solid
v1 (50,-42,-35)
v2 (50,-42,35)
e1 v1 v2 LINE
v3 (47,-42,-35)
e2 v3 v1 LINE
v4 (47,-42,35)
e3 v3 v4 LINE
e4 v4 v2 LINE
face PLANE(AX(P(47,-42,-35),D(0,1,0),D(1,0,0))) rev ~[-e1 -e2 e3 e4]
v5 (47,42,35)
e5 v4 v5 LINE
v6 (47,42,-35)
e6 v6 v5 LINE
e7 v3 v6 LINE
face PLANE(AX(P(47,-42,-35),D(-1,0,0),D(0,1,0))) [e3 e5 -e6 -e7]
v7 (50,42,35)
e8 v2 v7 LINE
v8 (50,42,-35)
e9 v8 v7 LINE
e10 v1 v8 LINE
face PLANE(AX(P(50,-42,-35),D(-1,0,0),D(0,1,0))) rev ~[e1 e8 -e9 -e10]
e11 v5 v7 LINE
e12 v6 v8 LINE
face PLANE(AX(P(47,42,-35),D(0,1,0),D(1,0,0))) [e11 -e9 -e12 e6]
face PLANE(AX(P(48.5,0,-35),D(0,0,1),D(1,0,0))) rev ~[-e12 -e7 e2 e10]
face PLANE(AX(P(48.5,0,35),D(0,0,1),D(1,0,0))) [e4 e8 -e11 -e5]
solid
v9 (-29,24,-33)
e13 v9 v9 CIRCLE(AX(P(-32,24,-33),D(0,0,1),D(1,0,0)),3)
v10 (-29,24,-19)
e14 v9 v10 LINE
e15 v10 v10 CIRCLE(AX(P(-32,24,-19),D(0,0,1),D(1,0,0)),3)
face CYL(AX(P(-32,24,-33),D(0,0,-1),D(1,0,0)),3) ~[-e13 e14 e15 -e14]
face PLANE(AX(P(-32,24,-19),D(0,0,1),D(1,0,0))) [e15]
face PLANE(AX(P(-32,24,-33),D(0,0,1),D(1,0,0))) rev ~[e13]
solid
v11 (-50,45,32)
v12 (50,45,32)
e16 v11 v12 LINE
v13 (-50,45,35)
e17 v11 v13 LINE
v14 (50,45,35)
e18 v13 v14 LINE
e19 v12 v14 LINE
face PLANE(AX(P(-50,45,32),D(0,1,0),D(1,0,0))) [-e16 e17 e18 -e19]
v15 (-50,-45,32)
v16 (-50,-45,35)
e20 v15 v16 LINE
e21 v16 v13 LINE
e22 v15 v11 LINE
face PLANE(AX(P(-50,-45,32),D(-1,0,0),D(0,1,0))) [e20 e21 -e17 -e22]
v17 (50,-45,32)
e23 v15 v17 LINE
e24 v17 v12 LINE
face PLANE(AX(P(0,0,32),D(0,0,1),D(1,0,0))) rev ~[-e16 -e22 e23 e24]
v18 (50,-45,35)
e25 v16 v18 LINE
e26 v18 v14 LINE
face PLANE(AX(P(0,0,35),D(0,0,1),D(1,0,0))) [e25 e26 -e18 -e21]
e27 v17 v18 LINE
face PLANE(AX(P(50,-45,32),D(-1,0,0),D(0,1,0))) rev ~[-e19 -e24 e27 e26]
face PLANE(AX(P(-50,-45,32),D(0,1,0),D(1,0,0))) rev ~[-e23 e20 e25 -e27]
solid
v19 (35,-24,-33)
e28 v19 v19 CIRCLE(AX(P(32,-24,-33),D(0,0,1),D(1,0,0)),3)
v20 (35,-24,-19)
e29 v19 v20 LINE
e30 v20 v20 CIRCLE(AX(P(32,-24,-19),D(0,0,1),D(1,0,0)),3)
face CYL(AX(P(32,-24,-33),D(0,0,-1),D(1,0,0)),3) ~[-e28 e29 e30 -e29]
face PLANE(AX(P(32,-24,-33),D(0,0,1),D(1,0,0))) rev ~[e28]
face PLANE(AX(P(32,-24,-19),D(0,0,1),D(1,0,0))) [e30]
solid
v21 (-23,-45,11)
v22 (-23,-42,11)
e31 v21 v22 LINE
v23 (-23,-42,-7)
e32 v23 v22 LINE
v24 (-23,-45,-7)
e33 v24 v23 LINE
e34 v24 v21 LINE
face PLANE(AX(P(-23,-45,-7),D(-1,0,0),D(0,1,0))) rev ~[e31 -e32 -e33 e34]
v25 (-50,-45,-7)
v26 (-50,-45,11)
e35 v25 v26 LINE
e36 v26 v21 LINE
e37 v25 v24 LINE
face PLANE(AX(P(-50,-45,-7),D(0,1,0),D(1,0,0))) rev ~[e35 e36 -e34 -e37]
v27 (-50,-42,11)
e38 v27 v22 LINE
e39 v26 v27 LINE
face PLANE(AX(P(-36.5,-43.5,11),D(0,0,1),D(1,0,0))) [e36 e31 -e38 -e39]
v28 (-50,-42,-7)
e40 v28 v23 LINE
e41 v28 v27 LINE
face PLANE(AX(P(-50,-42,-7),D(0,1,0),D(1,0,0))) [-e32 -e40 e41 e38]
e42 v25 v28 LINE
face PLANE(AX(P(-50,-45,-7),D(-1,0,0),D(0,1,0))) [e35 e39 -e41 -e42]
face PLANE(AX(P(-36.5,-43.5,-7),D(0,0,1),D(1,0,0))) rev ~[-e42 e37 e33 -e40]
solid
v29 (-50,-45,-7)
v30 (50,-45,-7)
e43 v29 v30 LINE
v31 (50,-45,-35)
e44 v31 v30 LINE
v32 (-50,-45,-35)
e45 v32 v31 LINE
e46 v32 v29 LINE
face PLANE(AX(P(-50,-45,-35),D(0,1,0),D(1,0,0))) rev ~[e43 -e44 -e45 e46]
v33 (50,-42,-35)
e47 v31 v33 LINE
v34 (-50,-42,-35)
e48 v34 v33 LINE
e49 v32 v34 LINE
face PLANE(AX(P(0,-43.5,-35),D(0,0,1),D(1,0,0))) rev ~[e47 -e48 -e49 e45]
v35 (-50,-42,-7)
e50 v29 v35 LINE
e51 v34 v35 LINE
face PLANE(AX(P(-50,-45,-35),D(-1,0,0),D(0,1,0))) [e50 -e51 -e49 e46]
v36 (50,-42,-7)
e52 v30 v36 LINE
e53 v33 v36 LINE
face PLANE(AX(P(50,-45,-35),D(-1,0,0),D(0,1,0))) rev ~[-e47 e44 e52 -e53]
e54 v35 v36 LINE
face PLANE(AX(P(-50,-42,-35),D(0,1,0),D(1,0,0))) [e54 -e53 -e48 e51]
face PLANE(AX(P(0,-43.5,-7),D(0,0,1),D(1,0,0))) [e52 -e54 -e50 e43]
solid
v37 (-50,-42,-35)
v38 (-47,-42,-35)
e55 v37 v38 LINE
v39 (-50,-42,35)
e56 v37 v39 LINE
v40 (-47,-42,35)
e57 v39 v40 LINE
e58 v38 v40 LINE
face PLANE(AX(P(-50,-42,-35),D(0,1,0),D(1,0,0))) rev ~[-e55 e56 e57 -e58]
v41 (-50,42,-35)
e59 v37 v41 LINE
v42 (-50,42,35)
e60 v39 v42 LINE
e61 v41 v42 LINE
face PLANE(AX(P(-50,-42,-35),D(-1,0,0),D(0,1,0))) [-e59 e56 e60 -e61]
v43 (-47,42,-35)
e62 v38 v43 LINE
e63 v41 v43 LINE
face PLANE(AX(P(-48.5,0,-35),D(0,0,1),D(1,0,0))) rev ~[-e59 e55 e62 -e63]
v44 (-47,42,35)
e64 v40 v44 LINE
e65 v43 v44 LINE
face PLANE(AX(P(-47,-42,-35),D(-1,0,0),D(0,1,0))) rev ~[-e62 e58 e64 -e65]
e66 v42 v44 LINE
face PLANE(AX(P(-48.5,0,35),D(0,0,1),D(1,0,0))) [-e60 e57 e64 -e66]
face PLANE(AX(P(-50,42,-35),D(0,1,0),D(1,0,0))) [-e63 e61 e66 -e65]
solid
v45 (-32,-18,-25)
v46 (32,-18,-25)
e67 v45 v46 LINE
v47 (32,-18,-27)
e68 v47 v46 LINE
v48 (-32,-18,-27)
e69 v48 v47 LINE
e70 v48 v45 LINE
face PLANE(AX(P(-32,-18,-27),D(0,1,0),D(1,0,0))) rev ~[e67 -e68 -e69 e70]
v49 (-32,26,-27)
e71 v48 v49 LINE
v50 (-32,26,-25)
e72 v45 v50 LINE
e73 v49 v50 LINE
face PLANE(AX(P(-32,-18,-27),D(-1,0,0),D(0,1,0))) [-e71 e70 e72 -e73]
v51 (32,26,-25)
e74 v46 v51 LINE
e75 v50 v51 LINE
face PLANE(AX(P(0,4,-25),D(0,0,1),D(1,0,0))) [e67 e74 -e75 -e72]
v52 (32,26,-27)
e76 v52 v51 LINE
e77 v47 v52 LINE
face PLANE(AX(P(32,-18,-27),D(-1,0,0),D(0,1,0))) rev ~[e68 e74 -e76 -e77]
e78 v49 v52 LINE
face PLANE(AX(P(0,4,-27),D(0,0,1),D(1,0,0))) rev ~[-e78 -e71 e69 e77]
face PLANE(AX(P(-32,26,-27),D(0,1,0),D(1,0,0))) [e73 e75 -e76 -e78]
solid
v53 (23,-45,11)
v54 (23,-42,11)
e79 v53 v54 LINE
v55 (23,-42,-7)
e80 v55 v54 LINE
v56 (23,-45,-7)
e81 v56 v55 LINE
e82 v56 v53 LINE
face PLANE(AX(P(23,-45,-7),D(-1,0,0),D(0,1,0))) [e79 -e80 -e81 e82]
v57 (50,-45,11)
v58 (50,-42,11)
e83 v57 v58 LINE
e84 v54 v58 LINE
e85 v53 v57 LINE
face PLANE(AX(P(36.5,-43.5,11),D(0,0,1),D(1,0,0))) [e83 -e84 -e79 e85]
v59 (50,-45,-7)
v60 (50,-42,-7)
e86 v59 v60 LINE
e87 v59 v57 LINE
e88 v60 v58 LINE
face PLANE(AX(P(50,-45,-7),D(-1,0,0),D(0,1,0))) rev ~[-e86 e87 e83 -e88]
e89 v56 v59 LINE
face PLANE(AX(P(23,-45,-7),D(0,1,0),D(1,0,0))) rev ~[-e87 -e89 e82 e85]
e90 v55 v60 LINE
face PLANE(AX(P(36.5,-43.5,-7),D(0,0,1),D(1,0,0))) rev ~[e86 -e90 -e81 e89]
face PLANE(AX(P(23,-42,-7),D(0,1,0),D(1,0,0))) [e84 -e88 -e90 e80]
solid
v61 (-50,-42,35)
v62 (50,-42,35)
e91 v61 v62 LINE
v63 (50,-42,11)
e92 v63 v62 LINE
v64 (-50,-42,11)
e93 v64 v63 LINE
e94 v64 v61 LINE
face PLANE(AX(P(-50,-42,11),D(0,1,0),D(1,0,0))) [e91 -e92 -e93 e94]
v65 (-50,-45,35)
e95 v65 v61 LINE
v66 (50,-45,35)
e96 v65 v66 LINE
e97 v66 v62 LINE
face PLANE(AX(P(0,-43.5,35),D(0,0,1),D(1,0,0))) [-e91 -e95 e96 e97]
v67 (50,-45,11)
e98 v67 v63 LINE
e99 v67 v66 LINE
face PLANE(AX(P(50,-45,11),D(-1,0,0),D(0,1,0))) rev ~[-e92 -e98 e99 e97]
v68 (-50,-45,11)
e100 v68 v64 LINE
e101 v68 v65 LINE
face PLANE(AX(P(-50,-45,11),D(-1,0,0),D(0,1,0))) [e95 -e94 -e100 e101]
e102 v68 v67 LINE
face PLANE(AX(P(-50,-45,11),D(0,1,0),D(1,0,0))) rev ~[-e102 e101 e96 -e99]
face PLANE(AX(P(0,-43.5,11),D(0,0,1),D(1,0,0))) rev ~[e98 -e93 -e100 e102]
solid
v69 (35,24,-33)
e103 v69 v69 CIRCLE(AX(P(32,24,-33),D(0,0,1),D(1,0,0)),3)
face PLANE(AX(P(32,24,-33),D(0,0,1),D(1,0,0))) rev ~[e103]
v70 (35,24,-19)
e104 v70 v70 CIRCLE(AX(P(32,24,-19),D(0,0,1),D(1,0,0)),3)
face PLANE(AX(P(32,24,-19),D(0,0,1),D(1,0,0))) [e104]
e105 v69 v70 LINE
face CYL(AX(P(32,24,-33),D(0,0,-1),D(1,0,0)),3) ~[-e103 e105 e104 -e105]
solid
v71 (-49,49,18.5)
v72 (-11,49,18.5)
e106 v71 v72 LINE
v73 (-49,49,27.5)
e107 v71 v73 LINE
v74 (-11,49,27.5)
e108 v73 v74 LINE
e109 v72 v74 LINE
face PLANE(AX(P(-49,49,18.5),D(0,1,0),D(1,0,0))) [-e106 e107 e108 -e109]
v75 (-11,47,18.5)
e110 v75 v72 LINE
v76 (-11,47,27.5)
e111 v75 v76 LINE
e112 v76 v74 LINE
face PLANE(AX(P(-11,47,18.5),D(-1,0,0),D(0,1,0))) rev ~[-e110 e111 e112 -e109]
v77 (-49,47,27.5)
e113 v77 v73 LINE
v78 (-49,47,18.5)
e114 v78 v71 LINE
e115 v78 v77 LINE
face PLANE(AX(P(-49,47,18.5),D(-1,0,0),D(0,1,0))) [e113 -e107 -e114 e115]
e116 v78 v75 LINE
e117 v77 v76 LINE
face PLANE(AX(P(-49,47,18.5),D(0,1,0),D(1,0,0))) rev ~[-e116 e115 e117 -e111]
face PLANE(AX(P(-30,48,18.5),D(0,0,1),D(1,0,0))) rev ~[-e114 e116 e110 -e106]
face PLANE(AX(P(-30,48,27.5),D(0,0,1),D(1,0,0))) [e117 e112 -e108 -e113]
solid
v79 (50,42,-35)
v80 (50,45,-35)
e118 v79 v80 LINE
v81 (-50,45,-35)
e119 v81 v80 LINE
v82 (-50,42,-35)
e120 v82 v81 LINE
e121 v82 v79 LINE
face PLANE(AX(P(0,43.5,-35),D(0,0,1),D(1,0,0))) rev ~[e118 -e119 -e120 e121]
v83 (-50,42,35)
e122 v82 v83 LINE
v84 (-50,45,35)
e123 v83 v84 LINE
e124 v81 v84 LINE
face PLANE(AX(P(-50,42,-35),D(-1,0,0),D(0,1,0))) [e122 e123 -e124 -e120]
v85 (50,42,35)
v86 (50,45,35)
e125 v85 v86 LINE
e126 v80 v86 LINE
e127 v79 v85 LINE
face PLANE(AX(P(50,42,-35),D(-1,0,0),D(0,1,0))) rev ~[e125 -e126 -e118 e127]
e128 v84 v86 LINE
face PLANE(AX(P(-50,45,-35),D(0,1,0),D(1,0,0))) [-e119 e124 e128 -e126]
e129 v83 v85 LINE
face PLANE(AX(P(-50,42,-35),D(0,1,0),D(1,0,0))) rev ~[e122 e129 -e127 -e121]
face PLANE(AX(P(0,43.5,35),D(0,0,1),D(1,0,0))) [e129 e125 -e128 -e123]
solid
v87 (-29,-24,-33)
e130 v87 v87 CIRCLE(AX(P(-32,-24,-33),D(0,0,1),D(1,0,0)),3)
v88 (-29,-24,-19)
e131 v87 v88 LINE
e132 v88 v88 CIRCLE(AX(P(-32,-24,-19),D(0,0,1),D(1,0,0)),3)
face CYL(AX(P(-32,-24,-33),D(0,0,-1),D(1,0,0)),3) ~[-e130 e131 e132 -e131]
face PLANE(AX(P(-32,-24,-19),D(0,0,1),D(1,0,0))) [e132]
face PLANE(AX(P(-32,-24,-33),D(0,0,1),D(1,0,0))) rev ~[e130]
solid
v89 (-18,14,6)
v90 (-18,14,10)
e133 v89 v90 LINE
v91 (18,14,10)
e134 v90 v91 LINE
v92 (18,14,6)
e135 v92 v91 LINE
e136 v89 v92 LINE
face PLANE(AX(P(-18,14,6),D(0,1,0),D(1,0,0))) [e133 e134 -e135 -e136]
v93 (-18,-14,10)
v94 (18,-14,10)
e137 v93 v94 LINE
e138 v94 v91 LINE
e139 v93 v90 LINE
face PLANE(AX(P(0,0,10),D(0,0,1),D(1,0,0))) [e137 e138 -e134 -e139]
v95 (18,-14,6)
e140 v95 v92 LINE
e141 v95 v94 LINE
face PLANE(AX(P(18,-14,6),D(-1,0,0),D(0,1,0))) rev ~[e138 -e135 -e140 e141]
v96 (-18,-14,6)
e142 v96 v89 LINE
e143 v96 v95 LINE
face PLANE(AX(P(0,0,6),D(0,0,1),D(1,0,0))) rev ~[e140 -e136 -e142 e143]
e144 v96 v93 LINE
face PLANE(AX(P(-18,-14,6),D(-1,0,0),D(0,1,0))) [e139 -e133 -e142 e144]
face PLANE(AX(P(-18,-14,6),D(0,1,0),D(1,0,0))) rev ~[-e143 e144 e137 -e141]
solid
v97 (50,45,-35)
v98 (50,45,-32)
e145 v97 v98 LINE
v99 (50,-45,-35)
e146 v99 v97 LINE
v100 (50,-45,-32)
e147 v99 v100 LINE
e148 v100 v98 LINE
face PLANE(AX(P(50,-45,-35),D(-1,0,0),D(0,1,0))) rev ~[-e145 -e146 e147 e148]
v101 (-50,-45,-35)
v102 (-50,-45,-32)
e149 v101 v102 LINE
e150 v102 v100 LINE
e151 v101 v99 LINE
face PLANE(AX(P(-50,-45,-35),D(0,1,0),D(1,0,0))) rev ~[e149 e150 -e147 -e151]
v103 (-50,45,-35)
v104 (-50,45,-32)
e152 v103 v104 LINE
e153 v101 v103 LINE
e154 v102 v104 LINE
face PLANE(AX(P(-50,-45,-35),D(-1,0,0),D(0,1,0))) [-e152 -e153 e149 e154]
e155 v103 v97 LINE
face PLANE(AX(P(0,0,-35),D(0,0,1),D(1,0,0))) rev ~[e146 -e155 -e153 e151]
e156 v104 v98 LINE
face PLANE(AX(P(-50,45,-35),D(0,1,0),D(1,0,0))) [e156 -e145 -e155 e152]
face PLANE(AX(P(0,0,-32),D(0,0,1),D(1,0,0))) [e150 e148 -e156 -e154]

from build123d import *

# Parameters (mm, degrees)
BOTTOM_START                                   = -35
SKETCH_1_W                                     = 100
SKETCH_1_H                                     = 90
BOTTOM_PLATE_100_X_90_X_3_MM_DEPTH             = 3
BACK_START                                     = -35
SKETCH_2_W                                     = 100
SKETCH_2_H                                     = 3
BACK_WALL_3_MM_DEPTH                           = 70
LEFT_START                                     = -35
SKETCH_3_W                                     = 3
SKETCH_3_H                                     = 84
LEFT_SIDE_WALL_3_MM_DEPTH                      = 70
RIGHT_START                                    = -35
SKETCH_4_W                                     = 3
SKETCH_4_H                                     = 84
RIGHT_SIDE_WALL_3_MM_DEPTH                     = 70
FRONT_START                                    = -35
SKETCH_5_W                                     = 100
SKETCH_5_H                                     = 3
FRONT_WALL_LOWER_FRAME_BELOW_HC_SR04_WIN_DEPTH = 28
FRONT_START_2                                  = 11
SKETCH_6_W                                     = 100
SKETCH_6_H                                     = 3
FRONT_WALL_UPPER_FRAME_ABOVE_HC_SR04_WIN_DEPTH = 24
FRONT_START_3                                  = -7
SKETCH_7_W                                     = 27
SKETCH_7_H                                     = 3
FRONT_WALL_LEFT_FRAME_DEPTH                    = 18
SKETCH_8_W                                     = 27
SKETCH_8_H                                     = 3
FRONT_WALL_RIGHT_FRAME_DEPTH                   = 18
TRANSPARENT_START                              = 32
SKETCH_9_W                                     = 100
SKETCH_9_H                                     = 90
TRANSPARENT_TOP_LID_REMOVABLE_DEPTH            = 3
SERVO_START                                    = 6
SKETCH_10_W                                    = 36
SKETCH_10_H                                    = 28
SERVO_SUPPORT_PLATFORM_36_X_28_X_4_MM_DEPTH    = 4
BATTERY_START                                  = -27
SKETCH_11_W                                    = 64
SKETCH_11_H                                    = 44
BATTERY_TRAY_BASE_60_X_40_MM_DEPTH             = 2
PCB_START                                      = -33
SKETCH_12_R                                    = 3
PCB_STANDOFF_1_M3_CLEARANCE_MARKER_DEPTH       = 14
SKETCH_13_R                                    = 3
PCB_STANDOFF_2_M3_CLEARANCE_MARKER_DEPTH       = 14
SKETCH_14_R                                    = 3
PCB_STANDOFF_3_M3_CLEARANCE_MARKER_DEPTH       = 14
SKETCH_15_R                                    = 3
PCB_STANDOFF_4_M3_CLEARANCE_MARKER_DEPTH       = 14
CASE_START                                     = 18.5
SKETCH_16_W                                    = 38
SKETCH_16_H                                    = 2
CASE_LABEL_PLATE_CASE_100X90X70_DEPTH          = 9


with BuildPart() as part:
    # 草图1 → bottom plate - 100 x 90 x 3 mm (new body)
    with BuildSketch(Plane.XY.offset(BOTTOM_START)):
        Rectangle(SKETCH_1_W, SKETCH_1_H)
    extrude(amount=BOTTOM_PLATE_100_X_90_X_3_MM_DEPTH)


with BuildPart() as body_2:
    # 草图2 → back wall - 3 mm (new body)
    with BuildSketch(Plane.XY.offset(BACK_START)):
        with Locations((0, 43.5)):
            Rectangle(SKETCH_2_W, SKETCH_2_H)
    extrude(amount=BACK_WALL_3_MM_DEPTH)


with BuildPart() as body_3:
    # 草图3 → left side wall - 3 mm (new body)
    with BuildSketch(Plane.XY.offset(LEFT_START)):
        with Locations((-48.5, 0)):
            Rectangle(SKETCH_3_W, SKETCH_3_H)
    extrude(amount=LEFT_SIDE_WALL_3_MM_DEPTH)


with BuildPart() as body_4:
    # 草图4 → right side wall - 3 mm (new body)
    with BuildSketch(Plane.XY.offset(RIGHT_START)):
        with Locations((48.5, 0)):
            Rectangle(SKETCH_4_W, SKETCH_4_H)
    extrude(amount=RIGHT_SIDE_WALL_3_MM_DEPTH)


with BuildPart() as body_5:
    # 草图5 → front wall lower frame below HC-SR04 window (new body)
    with BuildSketch(Plane.XY.offset(FRONT_START)):
        with Locations((0, -43.5)):
            Rectangle(SKETCH_5_W, SKETCH_5_H)
    extrude(amount=FRONT_WALL_LOWER_FRAME_BELOW_HC_SR04_WIN_DEPTH)


with BuildPart() as body_6:
    # 草图6 → front wall upper frame above HC-SR04 window (new body)
    with BuildSketch(Plane.XY.offset(FRONT_START_2)):
        with Locations((0, -43.5)):
            Rectangle(SKETCH_6_W, SKETCH_6_H)
    extrude(amount=FRONT_WALL_UPPER_FRAME_ABOVE_HC_SR04_WIN_DEPTH)


with BuildPart() as body_7:
    # 草图7 → front wall left frame (new body)
    with BuildSketch(Plane.XY.offset(FRONT_START_3)):
        with Locations((-36.5, -43.5)):
            Rectangle(SKETCH_7_W, SKETCH_7_H)
    extrude(amount=FRONT_WALL_LEFT_FRAME_DEPTH)


with BuildPart() as body_8:
    # 草图8 → front wall right frame (new body)
    with BuildSketch(Plane.XY.offset(FRONT_START_3)):
        with Locations((36.5, -43.5)):
            Rectangle(SKETCH_8_W, SKETCH_8_H)
    extrude(amount=FRONT_WALL_RIGHT_FRAME_DEPTH)


with BuildPart() as body_9:
    # 草图9 → transparent top lid - removable (new body)
    with BuildSketch(Plane.XY.offset(TRANSPARENT_START)):
        Rectangle(SKETCH_9_W, SKETCH_9_H)
    extrude(amount=TRANSPARENT_TOP_LID_REMOVABLE_DEPTH)


with BuildPart() as body_10:
    # 草图10 → servo support platform - 36 x 28 x 4 mm (new body)
    with BuildSketch(Plane.XY.offset(SERVO_START)):
        Rectangle(SKETCH_10_W, SKETCH_10_H)
    extrude(amount=SERVO_SUPPORT_PLATFORM_36_X_28_X_4_MM_DEPTH)


with BuildPart() as body_11:
    # 草图11 → battery tray base - 60 x 40 mm (new body)
    with BuildSketch(Plane.XY.offset(BATTERY_START)):
        with Locations((0, 4)):
            Rectangle(SKETCH_11_W, SKETCH_11_H)
    extrude(amount=BATTERY_TRAY_BASE_60_X_40_MM_DEPTH)


with BuildPart() as body_12:
    # 草图12 → PCB standoff 1 - M3 clearance marker (new body)
    with BuildSketch(Plane.XY.offset(PCB_START)):
        with Locations((-32, -24)):
            Circle(SKETCH_12_R)
    extrude(amount=PCB_STANDOFF_1_M3_CLEARANCE_MARKER_DEPTH)


with BuildPart() as body_13:
    # 草图13 → PCB standoff 2 - M3 clearance marker (new body)
    with BuildSketch(Plane.XY.offset(PCB_START)):
        with Locations((32, -24)):
            Circle(SKETCH_13_R)
    extrude(amount=PCB_STANDOFF_2_M3_CLEARANCE_MARKER_DEPTH)


with BuildPart() as body_14:
    # 草图14 → PCB standoff 3 - M3 clearance marker (new body)
    with BuildSketch(Plane.XY.offset(PCB_START)):
        with Locations((-32, 24)):
            Circle(SKETCH_14_R)
    extrude(amount=PCB_STANDOFF_3_M3_CLEARANCE_MARKER_DEPTH)


with BuildPart() as body_15:
    # 草图15 → PCB standoff 4 - M3 clearance marker (new body)
    with BuildSketch(Plane.XY.offset(PCB_START)):
        with Locations((32, 24)):
            Circle(SKETCH_15_R)
    extrude(amount=PCB_STANDOFF_4_M3_CLEARANCE_MARKER_DEPTH)


with BuildPart() as body_16:
    # 草图16 → case label plate - CASE 100x90x70 (new body)
    with BuildSketch(Plane.XY.offset(CASE_START)):
        with Locations((-30, 48)):
            Rectangle(SKETCH_16_W, SKETCH_16_H)
    extrude(amount=CASE_LABEL_PLATE_CASE_100X90X70_DEPTH)


solid = Compound([part.part, body_2.part, body_3.part, body_4.part, body_5.part, body_6.part, body_7.part, body_8.part, body_9.part, body_10.part, body_11.part, body_12.part, body_13.part, body_14.part, body_15.part, body_16.part])
